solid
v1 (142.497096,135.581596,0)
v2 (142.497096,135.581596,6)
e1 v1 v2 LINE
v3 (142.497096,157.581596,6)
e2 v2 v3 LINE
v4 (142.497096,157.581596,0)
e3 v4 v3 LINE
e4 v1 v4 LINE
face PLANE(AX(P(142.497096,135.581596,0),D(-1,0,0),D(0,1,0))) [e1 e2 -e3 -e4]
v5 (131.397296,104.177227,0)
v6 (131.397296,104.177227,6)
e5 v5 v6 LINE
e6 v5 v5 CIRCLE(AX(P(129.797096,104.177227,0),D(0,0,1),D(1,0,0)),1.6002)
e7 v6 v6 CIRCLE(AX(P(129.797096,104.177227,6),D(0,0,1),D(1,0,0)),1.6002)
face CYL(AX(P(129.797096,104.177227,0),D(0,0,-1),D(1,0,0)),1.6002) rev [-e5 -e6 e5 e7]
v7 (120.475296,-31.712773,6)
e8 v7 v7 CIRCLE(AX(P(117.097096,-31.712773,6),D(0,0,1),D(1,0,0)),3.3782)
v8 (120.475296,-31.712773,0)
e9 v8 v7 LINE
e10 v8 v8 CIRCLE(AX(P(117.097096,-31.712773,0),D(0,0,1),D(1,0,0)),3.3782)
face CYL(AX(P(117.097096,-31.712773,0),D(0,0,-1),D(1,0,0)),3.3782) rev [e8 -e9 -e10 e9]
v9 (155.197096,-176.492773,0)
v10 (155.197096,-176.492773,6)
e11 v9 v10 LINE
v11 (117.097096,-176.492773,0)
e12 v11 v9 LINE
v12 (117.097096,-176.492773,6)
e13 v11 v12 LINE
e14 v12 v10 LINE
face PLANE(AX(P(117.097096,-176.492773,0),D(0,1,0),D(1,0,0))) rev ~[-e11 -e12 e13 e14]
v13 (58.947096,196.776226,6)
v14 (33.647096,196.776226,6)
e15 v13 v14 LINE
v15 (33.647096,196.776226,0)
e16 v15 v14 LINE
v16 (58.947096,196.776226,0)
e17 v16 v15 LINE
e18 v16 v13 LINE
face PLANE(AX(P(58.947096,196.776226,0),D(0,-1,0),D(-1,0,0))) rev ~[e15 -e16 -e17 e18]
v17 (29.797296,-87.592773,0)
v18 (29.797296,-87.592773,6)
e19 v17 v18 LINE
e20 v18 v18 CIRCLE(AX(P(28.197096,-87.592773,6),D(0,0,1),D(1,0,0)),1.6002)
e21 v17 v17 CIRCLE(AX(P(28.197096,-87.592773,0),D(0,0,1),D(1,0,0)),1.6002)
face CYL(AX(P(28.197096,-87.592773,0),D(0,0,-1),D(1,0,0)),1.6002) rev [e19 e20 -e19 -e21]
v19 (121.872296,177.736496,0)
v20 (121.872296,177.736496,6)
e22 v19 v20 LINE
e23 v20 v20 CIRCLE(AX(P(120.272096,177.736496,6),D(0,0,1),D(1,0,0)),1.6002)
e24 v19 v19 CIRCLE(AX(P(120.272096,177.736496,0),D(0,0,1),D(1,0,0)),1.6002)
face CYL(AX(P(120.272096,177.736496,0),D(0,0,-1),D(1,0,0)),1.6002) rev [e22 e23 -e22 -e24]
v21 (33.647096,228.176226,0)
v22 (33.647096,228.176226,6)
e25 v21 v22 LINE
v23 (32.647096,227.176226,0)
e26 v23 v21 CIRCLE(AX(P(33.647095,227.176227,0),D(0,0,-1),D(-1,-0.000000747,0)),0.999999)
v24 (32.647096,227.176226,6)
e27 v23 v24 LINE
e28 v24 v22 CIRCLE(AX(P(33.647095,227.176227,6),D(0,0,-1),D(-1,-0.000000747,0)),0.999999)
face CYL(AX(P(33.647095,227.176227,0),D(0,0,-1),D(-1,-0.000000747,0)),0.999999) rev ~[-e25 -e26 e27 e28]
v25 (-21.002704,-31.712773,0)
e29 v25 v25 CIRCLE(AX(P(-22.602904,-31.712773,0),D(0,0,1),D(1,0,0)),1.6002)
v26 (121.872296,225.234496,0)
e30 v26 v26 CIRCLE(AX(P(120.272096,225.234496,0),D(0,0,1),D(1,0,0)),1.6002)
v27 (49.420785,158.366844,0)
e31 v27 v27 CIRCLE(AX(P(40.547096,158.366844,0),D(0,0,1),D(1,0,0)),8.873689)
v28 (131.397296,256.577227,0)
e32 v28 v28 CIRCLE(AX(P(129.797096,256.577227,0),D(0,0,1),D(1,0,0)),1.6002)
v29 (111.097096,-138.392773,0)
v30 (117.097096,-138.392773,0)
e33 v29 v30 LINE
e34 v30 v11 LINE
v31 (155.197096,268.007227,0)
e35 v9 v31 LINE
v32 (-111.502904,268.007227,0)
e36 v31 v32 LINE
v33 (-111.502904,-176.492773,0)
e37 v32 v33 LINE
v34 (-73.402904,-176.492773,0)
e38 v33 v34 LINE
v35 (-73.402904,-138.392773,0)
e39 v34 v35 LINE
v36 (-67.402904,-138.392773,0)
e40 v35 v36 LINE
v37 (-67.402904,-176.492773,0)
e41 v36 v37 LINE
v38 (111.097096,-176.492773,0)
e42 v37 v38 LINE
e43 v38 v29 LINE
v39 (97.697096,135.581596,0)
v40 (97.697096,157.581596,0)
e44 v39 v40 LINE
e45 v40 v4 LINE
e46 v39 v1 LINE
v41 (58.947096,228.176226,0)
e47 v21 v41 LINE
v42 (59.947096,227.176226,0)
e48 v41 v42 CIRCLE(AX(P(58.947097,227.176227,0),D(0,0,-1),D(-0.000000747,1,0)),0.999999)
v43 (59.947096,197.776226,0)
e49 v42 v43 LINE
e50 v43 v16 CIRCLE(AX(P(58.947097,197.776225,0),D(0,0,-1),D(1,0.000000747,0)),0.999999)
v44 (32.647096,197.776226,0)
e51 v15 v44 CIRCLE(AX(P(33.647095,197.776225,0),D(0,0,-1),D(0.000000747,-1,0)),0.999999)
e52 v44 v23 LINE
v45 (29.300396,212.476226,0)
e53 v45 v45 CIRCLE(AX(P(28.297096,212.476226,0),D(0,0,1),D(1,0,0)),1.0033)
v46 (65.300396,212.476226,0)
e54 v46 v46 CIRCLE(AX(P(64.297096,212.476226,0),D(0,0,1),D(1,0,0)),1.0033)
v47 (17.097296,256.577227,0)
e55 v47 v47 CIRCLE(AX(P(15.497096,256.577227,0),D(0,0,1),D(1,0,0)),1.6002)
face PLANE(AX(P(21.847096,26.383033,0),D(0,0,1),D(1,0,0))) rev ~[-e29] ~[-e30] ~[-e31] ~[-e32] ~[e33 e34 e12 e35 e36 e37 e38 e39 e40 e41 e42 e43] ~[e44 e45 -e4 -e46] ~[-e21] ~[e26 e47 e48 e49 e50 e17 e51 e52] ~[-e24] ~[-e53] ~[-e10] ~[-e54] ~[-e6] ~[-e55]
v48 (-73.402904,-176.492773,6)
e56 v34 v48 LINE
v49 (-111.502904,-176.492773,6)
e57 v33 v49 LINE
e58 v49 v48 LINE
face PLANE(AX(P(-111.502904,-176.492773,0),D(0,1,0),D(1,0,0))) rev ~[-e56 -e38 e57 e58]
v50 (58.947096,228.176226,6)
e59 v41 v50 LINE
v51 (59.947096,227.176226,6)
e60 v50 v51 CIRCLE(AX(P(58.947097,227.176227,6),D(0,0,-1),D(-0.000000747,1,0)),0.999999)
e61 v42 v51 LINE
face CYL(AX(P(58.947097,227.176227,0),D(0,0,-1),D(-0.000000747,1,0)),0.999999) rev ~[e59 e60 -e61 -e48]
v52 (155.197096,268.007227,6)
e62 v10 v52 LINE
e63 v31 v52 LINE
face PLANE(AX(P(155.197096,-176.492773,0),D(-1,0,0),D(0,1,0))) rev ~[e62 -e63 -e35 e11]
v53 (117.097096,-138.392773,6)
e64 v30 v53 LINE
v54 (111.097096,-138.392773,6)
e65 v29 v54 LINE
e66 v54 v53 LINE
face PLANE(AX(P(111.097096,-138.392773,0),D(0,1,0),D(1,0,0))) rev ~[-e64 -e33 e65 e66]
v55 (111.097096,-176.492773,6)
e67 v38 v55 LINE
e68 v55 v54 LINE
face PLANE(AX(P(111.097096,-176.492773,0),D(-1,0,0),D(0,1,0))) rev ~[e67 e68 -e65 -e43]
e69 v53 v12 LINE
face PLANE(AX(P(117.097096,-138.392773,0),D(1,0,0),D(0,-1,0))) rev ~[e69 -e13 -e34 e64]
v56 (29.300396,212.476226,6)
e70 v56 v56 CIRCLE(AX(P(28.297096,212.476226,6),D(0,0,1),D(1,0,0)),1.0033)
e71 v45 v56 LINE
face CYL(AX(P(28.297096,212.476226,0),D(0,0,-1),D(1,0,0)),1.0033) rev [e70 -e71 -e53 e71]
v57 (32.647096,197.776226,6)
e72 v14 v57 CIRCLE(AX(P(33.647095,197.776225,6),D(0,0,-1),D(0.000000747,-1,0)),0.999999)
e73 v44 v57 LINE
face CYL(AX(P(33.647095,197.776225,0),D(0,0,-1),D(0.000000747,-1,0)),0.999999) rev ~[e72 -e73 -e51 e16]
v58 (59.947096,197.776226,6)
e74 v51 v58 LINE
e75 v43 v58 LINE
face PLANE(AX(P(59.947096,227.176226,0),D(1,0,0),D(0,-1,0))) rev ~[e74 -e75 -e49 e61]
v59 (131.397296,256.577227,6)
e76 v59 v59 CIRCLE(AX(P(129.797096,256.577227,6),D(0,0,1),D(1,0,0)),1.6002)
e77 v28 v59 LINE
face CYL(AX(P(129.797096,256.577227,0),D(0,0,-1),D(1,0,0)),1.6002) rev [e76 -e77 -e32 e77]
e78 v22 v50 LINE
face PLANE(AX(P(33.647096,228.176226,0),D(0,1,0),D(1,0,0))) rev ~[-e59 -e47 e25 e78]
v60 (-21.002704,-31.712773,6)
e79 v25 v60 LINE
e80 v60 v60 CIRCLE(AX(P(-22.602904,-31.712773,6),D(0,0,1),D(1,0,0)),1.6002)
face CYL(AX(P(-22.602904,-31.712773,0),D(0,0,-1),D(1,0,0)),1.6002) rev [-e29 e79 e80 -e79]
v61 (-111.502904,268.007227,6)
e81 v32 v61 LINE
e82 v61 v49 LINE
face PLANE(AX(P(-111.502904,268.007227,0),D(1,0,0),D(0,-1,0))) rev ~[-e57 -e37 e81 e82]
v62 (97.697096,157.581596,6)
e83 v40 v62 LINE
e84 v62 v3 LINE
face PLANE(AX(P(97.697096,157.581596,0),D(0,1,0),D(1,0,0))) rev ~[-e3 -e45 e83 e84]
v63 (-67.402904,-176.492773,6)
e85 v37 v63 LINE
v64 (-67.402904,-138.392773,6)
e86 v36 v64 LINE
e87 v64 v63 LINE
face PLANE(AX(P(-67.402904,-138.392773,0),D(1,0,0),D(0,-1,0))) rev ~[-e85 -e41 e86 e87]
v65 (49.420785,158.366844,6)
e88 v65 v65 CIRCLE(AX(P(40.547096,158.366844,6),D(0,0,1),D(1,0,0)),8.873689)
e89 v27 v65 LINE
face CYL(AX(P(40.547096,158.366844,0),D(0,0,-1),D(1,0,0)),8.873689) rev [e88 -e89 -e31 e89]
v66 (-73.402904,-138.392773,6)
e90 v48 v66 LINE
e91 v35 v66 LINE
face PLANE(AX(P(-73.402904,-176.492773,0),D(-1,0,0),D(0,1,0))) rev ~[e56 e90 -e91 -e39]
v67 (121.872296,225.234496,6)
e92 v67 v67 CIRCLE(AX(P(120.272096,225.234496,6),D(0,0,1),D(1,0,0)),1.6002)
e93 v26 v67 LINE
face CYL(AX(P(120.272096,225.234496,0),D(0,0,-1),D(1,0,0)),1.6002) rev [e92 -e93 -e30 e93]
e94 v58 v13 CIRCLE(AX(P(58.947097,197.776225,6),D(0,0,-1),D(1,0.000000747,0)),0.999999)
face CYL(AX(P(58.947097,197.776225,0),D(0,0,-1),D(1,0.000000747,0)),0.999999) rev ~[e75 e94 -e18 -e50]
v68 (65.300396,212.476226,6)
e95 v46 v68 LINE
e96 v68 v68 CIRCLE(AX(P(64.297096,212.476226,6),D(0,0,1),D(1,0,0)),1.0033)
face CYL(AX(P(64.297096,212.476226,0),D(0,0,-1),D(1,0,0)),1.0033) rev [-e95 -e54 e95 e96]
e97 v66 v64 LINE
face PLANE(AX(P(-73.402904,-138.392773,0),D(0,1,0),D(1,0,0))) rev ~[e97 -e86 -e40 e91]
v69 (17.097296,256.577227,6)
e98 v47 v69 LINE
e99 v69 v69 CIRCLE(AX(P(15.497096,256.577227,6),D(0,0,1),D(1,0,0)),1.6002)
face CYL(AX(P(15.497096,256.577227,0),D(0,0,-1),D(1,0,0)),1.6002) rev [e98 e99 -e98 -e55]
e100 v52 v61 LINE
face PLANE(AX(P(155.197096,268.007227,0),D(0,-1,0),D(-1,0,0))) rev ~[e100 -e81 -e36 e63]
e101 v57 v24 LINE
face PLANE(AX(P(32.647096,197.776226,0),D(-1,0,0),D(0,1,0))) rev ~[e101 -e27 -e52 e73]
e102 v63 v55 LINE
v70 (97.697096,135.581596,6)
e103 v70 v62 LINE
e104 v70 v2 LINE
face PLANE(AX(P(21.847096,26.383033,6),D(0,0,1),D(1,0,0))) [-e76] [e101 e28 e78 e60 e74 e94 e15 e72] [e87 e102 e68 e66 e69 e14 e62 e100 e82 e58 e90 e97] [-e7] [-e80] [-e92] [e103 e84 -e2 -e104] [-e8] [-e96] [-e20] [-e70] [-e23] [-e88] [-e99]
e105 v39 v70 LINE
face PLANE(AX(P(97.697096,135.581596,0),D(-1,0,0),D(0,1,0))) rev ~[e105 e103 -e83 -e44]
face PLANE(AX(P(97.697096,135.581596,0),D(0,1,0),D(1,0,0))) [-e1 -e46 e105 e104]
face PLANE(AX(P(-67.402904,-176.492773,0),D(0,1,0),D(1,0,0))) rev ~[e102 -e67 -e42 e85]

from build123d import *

# Parameters (mm, degrees)
F0_R     = 1.6002
F0_R_2   = 3.3782
F0_W     = 44.8
F0_H     = 22
F0_R_3   = 8.873689
F0_R_4   = 1.0033
F1_DEPTH = 6


with BuildPart() as f1:
    # F0 (on Top) → F1 (new body)
    with BuildSketch(Plane.XY):
        Polygon((155.197096, 268.007227), (-111.502904, 268.007227), (-111.502904, -176.492773), (-73.402904, -176.492773), (-73.402904, -138.392773), (-67.402904, -138.392773), (-67.402904, -176.492773), (111.097096, -176.492773), (111.097096, -138.392773), (117.097096, -138.392773), (117.097096, -176.492773), (155.197096, -176.492773), align=None)
        with Locations((-22.602904, -31.712773)):
            Circle(F0_R, mode=Mode.SUBTRACT)
        with Locations((28.197096, -87.592773)):
            Circle(F0_R, mode=Mode.SUBTRACT)
        with Locations((117.097096, -31.712773)):
            Circle(F0_R_2, mode=Mode.SUBTRACT)
        with Locations((15.497096, 256.577227)):
            Circle(F0_R, mode=Mode.SUBTRACT)
        with Locations((120.097096, 146.581596)):
            Rectangle(F0_W, F0_H, mode=Mode.SUBTRACT)
        with Locations((129.797096, 104.177227)):
            Circle(F0_R, mode=Mode.SUBTRACT)
        with Locations((40.547096, 158.366844)):
            Circle(F0_R_3, mode=Mode.SUBTRACT)
        with Locations((28.297096, 212.476226)):
            Circle(F0_R_4, mode=Mode.SUBTRACT)
        with BuildLine():
            ThreePointArc((32.647096, 227.176226), (32.939989, 227.883333), (33.647096, 228.176226))
            Line((33.647096, 228.176226), (58.947096, 228.176226))
            ThreePointArc((58.947096, 228.176226), (59.654203, 227.883333), (59.947096, 227.176226))
            Line((59.947096, 227.176226), (59.947096, 197.776226))
            ThreePointArc((59.947096, 197.776226), (59.654203, 197.069119), (58.947096, 196.776226))
            Line((58.947096, 196.776226), (33.647096, 196.776226))
            ThreePointArc((33.647096, 196.776226), (32.939989, 197.069119), (32.647096, 197.776226))
            Line((32.647096, 197.776226), (32.647096, 227.176226))
        make_face(mode=Mode.SUBTRACT)
        with Locations((64.297096, 212.476226)):
            Circle(F0_R_4, mode=Mode.SUBTRACT)
        with Locations((120.272096, 177.736496)):
            Circle(F0_R, mode=Mode.SUBTRACT)
        with Locations((120.272096, 225.234496)):
            Circle(F0_R, mode=Mode.SUBTRACT)
        with Locations((129.797096, 256.577227)):
            Circle(F0_R, mode=Mode.SUBTRACT)
    extrude(amount=F1_DEPTH)


solid = f1.part
